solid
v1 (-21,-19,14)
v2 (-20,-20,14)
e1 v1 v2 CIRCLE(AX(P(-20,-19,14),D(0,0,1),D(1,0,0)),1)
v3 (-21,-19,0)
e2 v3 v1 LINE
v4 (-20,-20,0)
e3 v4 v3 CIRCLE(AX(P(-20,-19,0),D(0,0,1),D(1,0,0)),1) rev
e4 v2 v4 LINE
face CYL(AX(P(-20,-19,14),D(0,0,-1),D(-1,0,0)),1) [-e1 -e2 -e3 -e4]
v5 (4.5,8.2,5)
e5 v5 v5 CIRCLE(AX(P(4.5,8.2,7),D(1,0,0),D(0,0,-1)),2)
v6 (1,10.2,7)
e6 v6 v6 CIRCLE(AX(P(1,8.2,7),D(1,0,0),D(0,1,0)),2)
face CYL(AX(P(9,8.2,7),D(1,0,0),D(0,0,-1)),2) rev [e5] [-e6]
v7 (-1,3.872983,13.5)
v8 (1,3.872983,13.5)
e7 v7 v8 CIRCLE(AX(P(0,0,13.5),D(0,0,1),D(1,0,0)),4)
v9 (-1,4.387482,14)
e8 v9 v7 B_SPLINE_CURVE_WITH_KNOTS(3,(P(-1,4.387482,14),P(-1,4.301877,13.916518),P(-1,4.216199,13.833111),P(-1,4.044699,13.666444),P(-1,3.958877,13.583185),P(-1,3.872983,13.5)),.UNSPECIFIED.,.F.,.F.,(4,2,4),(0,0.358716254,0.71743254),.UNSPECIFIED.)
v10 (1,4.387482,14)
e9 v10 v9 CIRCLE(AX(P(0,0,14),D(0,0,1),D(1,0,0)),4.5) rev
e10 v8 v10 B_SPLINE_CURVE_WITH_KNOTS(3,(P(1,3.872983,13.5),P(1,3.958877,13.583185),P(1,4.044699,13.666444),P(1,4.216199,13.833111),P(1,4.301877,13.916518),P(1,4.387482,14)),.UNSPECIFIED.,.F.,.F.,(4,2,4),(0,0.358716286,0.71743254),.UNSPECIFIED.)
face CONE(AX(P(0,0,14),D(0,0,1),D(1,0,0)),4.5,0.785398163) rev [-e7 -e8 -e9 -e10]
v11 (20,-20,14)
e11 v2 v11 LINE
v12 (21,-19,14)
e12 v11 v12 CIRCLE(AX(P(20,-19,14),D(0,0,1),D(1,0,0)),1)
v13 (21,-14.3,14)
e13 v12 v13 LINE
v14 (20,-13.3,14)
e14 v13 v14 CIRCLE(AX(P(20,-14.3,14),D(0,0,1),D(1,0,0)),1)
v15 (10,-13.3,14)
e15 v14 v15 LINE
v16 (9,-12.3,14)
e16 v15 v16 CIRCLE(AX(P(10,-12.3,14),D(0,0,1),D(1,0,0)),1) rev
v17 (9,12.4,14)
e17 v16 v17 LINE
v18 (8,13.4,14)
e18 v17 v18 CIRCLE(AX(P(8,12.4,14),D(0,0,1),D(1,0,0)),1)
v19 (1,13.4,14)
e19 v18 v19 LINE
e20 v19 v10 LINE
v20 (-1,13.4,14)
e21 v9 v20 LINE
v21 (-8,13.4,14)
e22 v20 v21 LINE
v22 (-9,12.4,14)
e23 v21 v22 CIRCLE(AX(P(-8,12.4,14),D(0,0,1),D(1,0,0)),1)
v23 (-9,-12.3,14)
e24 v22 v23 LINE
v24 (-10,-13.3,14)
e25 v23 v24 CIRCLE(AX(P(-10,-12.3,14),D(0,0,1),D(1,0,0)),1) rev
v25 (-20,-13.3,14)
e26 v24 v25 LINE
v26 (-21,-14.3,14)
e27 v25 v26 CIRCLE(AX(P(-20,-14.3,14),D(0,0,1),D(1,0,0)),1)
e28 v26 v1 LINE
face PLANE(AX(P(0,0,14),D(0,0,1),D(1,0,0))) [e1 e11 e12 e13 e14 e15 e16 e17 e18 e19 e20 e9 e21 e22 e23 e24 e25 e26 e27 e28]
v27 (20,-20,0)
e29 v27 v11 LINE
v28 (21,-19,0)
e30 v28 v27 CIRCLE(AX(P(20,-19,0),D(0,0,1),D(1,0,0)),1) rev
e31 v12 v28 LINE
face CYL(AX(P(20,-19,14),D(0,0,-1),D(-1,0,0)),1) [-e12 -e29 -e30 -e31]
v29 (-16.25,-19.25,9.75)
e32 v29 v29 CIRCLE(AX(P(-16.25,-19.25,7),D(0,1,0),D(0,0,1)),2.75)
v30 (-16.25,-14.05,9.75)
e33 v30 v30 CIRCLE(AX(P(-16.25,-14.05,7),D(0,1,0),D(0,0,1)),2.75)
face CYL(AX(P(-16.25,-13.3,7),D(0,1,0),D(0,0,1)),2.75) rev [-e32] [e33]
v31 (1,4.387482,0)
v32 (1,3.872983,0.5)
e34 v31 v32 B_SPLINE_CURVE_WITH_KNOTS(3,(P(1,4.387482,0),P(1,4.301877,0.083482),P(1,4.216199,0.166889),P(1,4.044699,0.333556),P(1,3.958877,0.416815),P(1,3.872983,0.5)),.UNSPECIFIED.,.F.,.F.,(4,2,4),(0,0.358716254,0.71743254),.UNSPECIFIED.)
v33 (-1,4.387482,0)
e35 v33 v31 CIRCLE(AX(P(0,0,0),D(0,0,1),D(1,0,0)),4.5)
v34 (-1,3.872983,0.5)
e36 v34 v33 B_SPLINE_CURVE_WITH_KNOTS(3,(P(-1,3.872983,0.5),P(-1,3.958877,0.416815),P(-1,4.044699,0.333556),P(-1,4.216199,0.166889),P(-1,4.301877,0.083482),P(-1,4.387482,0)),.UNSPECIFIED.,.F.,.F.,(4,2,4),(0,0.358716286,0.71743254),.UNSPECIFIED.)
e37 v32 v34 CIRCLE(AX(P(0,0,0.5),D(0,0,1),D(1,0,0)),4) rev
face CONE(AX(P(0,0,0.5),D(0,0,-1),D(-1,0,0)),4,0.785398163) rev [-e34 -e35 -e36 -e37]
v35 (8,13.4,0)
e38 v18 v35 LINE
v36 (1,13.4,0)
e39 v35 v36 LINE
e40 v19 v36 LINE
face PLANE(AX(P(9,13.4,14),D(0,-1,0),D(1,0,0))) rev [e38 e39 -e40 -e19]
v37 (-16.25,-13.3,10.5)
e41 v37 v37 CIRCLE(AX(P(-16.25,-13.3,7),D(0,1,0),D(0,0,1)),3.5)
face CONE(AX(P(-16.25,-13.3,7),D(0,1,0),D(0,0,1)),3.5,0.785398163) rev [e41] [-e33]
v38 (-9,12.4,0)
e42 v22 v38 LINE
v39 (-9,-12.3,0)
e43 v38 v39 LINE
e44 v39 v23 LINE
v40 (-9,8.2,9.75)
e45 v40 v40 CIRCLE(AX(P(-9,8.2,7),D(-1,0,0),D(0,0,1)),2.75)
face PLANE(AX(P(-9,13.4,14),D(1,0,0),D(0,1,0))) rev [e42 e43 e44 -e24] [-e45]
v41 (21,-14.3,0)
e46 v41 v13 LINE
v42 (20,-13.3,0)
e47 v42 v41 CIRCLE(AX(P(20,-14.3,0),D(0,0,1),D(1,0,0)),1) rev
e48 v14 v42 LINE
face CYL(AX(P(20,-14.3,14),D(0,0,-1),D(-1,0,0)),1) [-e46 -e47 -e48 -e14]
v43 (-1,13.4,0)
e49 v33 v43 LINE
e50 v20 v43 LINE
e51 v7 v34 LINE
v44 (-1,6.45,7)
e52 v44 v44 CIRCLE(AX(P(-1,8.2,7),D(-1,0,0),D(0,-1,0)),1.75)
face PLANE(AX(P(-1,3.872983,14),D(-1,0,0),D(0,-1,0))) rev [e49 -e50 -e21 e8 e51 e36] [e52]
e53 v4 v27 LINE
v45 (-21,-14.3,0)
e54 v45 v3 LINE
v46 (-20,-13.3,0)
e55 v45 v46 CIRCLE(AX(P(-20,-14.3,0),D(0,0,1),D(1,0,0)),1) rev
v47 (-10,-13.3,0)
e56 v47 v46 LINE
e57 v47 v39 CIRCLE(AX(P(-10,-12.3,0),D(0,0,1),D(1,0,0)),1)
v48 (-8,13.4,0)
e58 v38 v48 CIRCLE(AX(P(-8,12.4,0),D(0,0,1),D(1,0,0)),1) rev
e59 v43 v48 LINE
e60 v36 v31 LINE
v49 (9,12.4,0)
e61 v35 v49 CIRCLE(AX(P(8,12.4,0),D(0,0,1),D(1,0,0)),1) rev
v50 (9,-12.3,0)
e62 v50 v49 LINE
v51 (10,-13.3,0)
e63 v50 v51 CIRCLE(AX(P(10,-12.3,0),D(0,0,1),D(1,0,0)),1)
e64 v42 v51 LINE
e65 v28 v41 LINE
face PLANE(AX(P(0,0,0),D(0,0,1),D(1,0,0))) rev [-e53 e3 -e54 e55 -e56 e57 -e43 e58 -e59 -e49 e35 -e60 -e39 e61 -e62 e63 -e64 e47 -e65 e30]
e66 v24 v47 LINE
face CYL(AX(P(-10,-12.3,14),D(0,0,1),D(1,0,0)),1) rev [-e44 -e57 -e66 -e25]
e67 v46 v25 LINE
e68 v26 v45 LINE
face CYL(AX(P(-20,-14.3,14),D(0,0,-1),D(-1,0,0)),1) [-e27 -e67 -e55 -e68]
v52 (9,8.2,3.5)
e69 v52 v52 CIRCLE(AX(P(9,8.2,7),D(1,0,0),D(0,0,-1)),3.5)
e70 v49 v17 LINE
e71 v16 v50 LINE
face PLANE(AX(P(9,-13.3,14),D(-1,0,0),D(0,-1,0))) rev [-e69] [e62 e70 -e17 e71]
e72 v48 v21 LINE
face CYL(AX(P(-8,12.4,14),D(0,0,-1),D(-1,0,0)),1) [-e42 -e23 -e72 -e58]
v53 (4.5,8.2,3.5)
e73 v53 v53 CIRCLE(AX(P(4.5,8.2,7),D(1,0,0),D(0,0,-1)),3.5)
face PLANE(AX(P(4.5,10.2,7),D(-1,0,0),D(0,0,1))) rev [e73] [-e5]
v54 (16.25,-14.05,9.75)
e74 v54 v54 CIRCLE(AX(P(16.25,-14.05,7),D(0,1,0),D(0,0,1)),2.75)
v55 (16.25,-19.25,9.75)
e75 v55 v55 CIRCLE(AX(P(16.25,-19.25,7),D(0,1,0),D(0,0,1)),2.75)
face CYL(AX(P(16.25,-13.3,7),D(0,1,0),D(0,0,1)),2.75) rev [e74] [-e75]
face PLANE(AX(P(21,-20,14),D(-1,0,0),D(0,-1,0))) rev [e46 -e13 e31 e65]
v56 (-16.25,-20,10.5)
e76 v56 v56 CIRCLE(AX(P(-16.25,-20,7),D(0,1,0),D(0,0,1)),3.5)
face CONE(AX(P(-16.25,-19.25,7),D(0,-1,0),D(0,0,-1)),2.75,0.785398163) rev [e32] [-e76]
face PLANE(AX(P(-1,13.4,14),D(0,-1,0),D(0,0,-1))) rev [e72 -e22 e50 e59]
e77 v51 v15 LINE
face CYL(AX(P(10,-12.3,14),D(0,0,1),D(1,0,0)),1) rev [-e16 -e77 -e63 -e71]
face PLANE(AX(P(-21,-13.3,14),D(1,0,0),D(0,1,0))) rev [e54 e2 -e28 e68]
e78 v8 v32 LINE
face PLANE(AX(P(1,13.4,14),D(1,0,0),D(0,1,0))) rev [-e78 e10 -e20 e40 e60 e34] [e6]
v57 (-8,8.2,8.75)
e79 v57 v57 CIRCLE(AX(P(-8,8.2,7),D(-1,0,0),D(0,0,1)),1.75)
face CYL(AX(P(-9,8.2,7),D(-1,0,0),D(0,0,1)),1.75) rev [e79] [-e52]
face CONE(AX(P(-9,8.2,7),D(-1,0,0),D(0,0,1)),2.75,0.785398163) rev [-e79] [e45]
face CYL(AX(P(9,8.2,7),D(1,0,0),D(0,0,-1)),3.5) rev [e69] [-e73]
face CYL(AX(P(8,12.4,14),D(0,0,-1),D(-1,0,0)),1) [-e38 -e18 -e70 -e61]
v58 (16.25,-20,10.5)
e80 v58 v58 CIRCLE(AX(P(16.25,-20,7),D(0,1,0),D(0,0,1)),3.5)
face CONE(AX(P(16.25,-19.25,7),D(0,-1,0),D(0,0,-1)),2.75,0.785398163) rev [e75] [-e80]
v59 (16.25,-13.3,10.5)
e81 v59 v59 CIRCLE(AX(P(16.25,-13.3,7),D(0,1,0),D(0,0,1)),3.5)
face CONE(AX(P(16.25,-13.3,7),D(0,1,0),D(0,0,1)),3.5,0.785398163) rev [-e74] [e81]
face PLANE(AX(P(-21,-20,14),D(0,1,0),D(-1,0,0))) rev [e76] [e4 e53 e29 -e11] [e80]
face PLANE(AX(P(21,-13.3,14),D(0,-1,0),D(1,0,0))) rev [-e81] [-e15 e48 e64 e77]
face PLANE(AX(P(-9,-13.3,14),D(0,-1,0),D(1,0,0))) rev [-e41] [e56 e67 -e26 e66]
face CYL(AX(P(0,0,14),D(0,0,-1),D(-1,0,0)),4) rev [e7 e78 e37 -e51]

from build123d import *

# Parameters (mm, degrees)
BOSS_EXTRUDE1_DEPTH                     = 14
FILLET1_R                               = 1
CBORE_FOR_M5_HEX_HEAD_BOLT1_D           = 4
CBORE_FOR_M5_HEX_HEAD_BOLT1_DEPTH       = 8
CBORE_FOR_M5_HEX_HEAD_BOLT1_CBORE_D     = 7
CBORE_FOR_M5_HEX_HEAD_BOLT1_CBORE_DEPTH = 4.5
M5_TAPPED_HOLE1_D                       = 3.5
M5_TAPPED_HOLE1_DEPTH                   = 8
M5_TAPPED_HOLE1_CSINK_D                 = 5.5
M5_TAPPED_HOLE1_CSINK_ANGLE             = 90
CHAMFER1_SIZE                           = 0.5


with BuildPart() as part:
    # Sketch1 → Boss-Extrude1 (new body)
    with BuildSketch(Plane.XY):
        with BuildLine():
            Line((-21, -20), (21, -20))
            Line((21, -20), (21, -13.3))
            Line((21, -13.3), (9, -13.3))
            Line((9, -13.3), (9, 13.4))
            Line((9, 13.4), (1, 13.4))
            Line((1, 13.4), (1, 3.872983346))
            ThreePointArc((1, 3.872983346), (0, -4), (-1, 3.872983346))
            Line((-1, 3.872983346), (-1, 13.4))
            Line((-1, 13.4), (-9, 13.4))
            Line((-9, 13.4), (-9, -13.3))
            Line((-9, -13.3), (-21, -13.3))
            Line((-21, -13.3), (-21, -20))
        make_face()
    extrude(amount=BOSS_EXTRUDE1_DEPTH)

    # Fillet1
    fillet1_edges = [part.edges().sort_by_distance(p)[0] for p in [
        (-21, -13.3, 7),
        (-9, -13.3, 7),
        (-9, 13.4, 7),
        (9, 13.4, 7),
        (9, -13.3, 7),
        (21, -13.3, 7),
        (21, -20, 7),
        (-21, -20, 7),
    ]]
    fillet(fillet1_edges, radius=FILLET1_R)

    # CBORE for M5 Hex Head Bolt1
    with Locations(Plane(origin=(9, 0, 0), x_dir=(0, 0, -1), z_dir=(1, 0, 0))):
        with Locations((-7, 8.2)):
            CounterBoreHole(CBORE_FOR_M5_HEX_HEAD_BOLT1_D / 2, CBORE_FOR_M5_HEX_HEAD_BOLT1_CBORE_D / 2, CBORE_FOR_M5_HEX_HEAD_BOLT1_CBORE_DEPTH, depth=CBORE_FOR_M5_HEX_HEAD_BOLT1_DEPTH)

    # M5 Tapped Hole1
    with Locations(Plane.ZY.offset(9)):
        with Locations((7, 8.2)):
            CounterSinkHole(M5_TAPPED_HOLE1_D / 2, M5_TAPPED_HOLE1_CSINK_D / 2, depth=M5_TAPPED_HOLE1_DEPTH, counter_sink_angle=M5_TAPPED_HOLE1_CSINK_ANGLE)

    # Sketch8 → CSK for M5 Countersunk Flat Head Screw2 (revolve, cut)
    with BuildSketch(Plane(origin=(16.25, -13.3, 7), x_dir=(0, 0, 1), z_dir=(1, 0, 0))):
        Polygon((0, 0), (0, 6.7), (3.5, 6.7), (2.75, 5.95), (2.75, 0.75), (3.5, 0), align=None)
    revolve(axis=Axis((16.25, -6.95, 7), (0, -1, 0)), mode=Mode.SUBTRACT)

    # Sketch10 → CSK for M5 Countersunk Flat Head Screw3 (revolve, cut)
    with BuildSketch(Plane(origin=(-16.25, -13.3, 7), x_dir=(0, 0, 1), z_dir=(1, 0, 0))):
        Polygon((0, 0), (0, 6.7), (3.5, 6.7), (2.75, 5.95), (2.75, 0.75), (3.5, 0), align=None)
    revolve(axis=Axis((-16.25, -6.95, 7), (0, -1, 0)), mode=Mode.SUBTRACT)

    # Chamfer1
    chamfer1_edges = [part.edges().sort_by_distance(p)[0] for p in [
        (0, -4, 0),
        (0, -4, 14),
    ]]
    chamfer(chamfer1_edges, length=CHAMFER1_SIZE)


solid = part.part
